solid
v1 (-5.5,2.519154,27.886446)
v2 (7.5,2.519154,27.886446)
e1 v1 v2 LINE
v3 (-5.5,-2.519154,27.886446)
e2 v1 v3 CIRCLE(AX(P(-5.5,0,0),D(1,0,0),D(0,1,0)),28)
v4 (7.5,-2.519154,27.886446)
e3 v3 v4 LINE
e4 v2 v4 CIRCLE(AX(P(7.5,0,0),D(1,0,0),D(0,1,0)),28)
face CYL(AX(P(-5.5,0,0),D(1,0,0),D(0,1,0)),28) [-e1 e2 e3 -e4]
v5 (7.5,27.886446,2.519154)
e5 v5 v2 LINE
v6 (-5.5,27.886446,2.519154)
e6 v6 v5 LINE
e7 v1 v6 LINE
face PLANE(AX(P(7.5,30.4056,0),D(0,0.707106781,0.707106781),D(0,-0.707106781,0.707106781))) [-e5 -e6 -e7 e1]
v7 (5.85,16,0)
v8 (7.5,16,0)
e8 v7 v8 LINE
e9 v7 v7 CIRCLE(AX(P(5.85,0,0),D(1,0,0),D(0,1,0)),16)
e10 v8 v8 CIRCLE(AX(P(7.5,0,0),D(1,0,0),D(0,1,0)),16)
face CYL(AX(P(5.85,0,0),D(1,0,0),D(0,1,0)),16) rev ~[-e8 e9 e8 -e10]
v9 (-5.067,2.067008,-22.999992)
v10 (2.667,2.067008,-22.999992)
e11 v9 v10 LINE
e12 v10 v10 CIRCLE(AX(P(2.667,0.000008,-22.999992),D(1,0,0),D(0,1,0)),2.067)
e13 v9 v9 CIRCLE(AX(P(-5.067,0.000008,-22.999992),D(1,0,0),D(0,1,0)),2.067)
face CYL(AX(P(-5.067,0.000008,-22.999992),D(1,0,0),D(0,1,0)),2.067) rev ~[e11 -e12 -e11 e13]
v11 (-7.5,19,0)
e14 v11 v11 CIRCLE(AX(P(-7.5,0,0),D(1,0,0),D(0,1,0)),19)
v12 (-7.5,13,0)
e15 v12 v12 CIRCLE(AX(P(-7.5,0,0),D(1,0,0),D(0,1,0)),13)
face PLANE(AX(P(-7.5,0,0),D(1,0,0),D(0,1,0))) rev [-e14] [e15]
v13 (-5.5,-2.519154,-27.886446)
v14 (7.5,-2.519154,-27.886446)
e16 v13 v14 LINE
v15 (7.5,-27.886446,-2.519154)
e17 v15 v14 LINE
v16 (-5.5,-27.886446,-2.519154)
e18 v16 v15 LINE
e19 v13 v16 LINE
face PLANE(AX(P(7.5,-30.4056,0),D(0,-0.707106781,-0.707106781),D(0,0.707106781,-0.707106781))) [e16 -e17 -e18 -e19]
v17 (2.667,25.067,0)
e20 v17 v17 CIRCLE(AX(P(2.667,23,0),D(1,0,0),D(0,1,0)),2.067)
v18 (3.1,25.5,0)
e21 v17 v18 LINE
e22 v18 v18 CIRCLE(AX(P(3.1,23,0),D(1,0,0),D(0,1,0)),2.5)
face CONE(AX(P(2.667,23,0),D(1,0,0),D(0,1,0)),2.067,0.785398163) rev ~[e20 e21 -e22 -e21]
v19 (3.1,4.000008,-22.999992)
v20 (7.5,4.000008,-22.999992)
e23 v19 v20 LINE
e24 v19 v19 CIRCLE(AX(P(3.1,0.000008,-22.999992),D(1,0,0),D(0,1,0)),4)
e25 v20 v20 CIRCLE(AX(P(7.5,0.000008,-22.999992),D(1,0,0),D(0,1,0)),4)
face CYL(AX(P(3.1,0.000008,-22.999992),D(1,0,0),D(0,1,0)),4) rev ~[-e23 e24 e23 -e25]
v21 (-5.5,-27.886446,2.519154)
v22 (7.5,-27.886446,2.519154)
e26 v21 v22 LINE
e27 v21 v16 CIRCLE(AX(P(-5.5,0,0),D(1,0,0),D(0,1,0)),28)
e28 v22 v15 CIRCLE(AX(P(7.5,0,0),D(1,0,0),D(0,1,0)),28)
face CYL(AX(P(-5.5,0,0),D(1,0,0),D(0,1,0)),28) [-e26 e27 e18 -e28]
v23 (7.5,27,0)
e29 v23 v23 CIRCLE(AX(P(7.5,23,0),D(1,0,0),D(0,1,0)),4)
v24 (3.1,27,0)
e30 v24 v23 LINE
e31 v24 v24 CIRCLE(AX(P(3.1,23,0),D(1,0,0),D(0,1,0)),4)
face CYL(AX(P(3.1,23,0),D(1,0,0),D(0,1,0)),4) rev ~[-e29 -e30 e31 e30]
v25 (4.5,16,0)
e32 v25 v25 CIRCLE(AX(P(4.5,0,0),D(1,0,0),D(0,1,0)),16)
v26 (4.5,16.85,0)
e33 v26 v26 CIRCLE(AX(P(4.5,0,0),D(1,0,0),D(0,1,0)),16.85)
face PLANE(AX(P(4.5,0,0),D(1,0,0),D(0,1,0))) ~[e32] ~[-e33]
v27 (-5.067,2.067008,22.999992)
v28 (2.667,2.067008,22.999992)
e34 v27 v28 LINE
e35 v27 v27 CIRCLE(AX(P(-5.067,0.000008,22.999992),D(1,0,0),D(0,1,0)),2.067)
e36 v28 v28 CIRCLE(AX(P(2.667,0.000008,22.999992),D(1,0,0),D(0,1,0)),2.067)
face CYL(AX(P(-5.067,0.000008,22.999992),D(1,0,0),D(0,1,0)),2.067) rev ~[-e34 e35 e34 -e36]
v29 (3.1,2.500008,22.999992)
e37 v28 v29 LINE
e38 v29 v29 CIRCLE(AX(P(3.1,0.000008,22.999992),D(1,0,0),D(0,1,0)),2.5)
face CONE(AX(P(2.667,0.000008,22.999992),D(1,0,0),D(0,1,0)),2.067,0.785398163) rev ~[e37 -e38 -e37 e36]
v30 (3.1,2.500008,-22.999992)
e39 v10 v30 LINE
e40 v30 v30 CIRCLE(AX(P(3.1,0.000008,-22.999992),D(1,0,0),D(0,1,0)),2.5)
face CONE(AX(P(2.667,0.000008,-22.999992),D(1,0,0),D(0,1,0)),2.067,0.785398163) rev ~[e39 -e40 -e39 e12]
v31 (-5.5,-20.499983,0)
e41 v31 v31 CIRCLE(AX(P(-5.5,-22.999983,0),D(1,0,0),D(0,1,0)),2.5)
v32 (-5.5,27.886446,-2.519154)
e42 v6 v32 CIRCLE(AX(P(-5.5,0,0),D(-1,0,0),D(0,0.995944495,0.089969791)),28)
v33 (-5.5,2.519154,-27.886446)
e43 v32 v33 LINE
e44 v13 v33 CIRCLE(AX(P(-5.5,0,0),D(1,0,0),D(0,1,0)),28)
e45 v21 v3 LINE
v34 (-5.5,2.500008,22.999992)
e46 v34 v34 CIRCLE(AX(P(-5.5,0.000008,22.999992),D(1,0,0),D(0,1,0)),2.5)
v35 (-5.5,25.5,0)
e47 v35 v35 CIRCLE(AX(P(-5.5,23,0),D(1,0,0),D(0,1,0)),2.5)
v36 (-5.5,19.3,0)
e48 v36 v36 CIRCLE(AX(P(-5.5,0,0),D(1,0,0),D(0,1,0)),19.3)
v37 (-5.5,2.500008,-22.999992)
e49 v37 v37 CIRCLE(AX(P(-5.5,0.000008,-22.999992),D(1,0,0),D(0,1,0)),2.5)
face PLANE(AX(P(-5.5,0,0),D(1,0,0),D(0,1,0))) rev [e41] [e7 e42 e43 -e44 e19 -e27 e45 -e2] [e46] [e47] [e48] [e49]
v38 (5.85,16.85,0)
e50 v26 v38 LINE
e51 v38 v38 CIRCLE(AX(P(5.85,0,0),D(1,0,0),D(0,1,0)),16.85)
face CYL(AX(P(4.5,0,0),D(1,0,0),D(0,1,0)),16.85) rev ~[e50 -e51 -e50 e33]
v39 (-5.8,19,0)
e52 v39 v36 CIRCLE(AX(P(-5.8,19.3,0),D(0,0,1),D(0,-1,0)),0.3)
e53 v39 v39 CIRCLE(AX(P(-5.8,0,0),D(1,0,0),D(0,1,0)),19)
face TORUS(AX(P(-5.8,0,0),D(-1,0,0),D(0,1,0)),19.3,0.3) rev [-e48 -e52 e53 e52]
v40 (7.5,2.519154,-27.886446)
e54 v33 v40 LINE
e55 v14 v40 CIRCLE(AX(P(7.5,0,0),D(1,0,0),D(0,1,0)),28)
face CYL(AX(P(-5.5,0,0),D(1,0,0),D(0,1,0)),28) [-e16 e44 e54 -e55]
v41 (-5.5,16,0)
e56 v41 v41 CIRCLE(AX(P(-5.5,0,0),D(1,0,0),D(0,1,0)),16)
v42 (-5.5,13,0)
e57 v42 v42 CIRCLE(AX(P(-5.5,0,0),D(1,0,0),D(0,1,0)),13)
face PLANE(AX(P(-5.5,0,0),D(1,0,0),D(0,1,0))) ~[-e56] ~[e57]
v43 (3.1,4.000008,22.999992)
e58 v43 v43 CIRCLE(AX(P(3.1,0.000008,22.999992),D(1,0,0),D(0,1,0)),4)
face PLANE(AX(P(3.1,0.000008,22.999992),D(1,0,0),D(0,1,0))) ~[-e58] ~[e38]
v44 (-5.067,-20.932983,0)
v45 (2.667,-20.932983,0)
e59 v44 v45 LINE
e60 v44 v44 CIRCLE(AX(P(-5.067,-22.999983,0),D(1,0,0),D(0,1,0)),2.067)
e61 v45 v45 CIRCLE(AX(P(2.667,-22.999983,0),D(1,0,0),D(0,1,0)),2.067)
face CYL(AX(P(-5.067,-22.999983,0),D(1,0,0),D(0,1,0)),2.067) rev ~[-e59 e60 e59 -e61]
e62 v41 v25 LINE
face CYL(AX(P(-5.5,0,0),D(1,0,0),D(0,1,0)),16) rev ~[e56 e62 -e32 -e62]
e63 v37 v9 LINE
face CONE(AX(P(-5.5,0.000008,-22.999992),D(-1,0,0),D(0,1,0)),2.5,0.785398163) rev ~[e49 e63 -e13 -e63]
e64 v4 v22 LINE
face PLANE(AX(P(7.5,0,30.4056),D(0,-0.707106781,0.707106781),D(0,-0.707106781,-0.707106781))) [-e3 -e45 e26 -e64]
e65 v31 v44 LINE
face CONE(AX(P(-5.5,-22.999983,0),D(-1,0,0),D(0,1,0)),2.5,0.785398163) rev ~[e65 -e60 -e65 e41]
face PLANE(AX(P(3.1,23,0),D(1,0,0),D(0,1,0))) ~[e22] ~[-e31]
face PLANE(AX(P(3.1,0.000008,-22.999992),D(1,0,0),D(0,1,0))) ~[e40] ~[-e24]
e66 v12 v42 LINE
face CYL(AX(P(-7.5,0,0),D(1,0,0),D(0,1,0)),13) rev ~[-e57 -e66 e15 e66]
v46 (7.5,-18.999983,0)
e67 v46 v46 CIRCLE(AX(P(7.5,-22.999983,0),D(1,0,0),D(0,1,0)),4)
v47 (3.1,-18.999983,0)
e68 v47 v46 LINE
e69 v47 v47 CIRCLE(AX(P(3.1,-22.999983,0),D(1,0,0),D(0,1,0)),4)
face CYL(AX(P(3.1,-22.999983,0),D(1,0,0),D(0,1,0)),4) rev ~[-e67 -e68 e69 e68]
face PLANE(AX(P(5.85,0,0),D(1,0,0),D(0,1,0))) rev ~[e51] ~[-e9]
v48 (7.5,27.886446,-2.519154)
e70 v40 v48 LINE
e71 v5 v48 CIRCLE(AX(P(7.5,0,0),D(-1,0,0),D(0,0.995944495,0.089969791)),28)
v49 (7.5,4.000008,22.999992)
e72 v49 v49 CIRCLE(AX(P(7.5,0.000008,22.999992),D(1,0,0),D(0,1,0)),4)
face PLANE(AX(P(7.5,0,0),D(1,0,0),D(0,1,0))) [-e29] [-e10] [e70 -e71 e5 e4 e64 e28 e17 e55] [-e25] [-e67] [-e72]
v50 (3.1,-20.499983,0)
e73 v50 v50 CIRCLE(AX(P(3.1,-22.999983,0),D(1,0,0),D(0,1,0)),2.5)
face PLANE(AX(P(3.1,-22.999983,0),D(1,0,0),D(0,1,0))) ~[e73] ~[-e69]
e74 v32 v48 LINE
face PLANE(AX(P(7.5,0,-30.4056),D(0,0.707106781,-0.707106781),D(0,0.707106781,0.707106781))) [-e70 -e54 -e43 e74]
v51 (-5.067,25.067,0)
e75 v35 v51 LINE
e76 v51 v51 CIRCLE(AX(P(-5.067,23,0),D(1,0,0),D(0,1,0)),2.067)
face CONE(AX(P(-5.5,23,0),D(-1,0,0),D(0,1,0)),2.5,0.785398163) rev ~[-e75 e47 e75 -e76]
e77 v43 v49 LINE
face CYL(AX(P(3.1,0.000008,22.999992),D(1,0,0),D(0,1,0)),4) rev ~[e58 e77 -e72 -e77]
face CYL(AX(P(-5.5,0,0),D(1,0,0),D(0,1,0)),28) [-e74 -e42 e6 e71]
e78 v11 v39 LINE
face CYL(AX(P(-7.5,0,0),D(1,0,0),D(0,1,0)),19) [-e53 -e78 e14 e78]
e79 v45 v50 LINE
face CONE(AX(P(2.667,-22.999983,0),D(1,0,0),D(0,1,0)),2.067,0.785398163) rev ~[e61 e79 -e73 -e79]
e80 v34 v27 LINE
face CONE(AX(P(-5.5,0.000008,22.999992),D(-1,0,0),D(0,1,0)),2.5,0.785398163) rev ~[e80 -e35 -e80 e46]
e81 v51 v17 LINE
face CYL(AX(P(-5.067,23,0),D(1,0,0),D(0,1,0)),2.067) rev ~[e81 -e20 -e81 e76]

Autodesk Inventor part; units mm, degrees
sketch "Sketch_7" plane through (0, 0, 0) normal (0, 0, 1) x (1, 0, 0)
  line L0 (7.5, 0) -> (-7.5, 0)
  line L1 (-7.5, 0) -> (-7.5, 19)
  line L2 (-7.5, 19) -> (-5.8, 19)
  arc A0 (-5.8, 19) -> (-5.5, 19.3) centre (-5.8, 19.3) ccw
  line L3 (-5.5, 19.3) -> (-5.5, 28)
  line L4 (-5.5, 28) -> (7.5, 28)
  line L5 (7.5, 28) -> (7.5, 0)
  line L6 (7.5, 0) -> (-7.5, 0)
revolve "Revolution1" add sketch "Sketch_7" angle 360 about axis through (7.5, 0, 0) along (1, 0, 0)
sketch "Sketch_1" plane through (0, 0, 0) normal (0, 0, 1) x (1, 0, 0)
  line L0 (7.5, 0) -> (-7.5, 0)
  line L1 (-7.5, 0) -> (-7.5, 13)
  line L2 (-7.5, 13) -> (-5.5, 13)
  line L3 (-5.5, 13) -> (-5.5, 16)
  line L4 (-5.5, 16) -> (4.5, 16)
  line L5 (4.5, 16) -> (4.5, 16.85)
  line L6 (4.5, 16.85) -> (5.85, 16.85)
  line L7 (5.85, 16.85) -> (5.85, 16)
  line L8 (5.85, 16) -> (7.5, 16)
  line L9 (7.5, 16) -> (7.5, 0)
  line L10 (7.5, 0) -> (-7.5, 0)
revolve "Revolution2" cut sketch "Sketch_1" angle 360 about axis through (7.5, 0, 0) along (1, 0, 0)
sketch "Sketch_2" plane through (0, 0, 0) normal (0, 0, 1) x (1, 0, 0)
  line L0 (7.5, 23) -> (-5.5, 23)
  line L1 (-5.5, 23) -> (-5.5, 25.5)
  line L2 (-5.5, 25.5) -> (-5.067, 25.067)
  line L3 (-5.067, 25.067) -> (2.667, 25.067)
  line L4 (2.667, 25.067) -> (3.1, 25.5)
  line L5 (3.1, 25.5) -> (3.1, 27)
  line L6 (3.1, 27) -> (7.5, 27)
  line L7 (7.5, 27) -> (7.5, 23)
  line L8 (7.5, 23) -> (-5.5, 23)
revolve "Revolution3" cut sketch "Sketch_2" angle 360 about axis through (7.5, 23, 0) along (1, 0, 0)
thread "Thread1" size "M5x0.8" class "6H" standard "ISO Metric profile" full length
sketch "Sketch_4" plane through (7.5, 0, 0) normal (1, 0, 0) x (0, 0, -1)
  circle A0 centre (0, 0) radius 118.9529
  line L0 (-30.4056, 0) -> (0, -30.4056)
  line L1 (0, -30.4056) -> (30.4056, 0)
  line L2 (30.4056, 0) -> (0, 30.4056)
  line L3 (0, 30.4056) -> (-30.4056, 0)
extrude "Extrusion1" cut sketch "Sketch_4" against normal blind 15
pattern_linear "Rectangular Pattern1" count 2 spacing 32.5269 along (0, -0.7071, 0.7071) count 2 spacing 32.5269 along (0, -0.7071, -0.7071) of "Revolution3"
ref_plane "housing_to_dummy_XY" through (-7.5, 0, 0) normal (0, 0, 1) x (1, 0, 0)
ref_plane "housing_to_dummy_YZ" through (-7.5, 0, 0) normal (1, 0, 0) x (0, 1, 0)
ref_plane "housing_to_dummy_ZX" through (-7.5, 0, 0) normal (0, 1, 0) x (0, 0, 1)
ref_plane "to_bearings_XY" through (-5.5, 0, 0) normal (-1, 0, 0) x (0, 0, -1)
ref_plane "to_bearings_YZ" through (-5.5, 0, 0) normal (0, 0, -1) x (0, -1, 0)
ref_plane "to_bearings_ZX" through (-5.5, 0, 0) normal (0, -1, 0) x (-1, 0, 0)
ref_plane "to_rring_XY" through (4.5, 0, 0) normal (-1, 0, 0) x (0, 0, -1)
ref_plane "to_rring_YZ" through (4.5, 0, 0) normal (0, 0, -1) x (0, -1, 0)
ref_plane "to_rring_ZX" through (4.5, 0, 0) normal (0, -1, 0) x (-1, 0, 0)
properties part number "BGSRB6201ZZ_h"
